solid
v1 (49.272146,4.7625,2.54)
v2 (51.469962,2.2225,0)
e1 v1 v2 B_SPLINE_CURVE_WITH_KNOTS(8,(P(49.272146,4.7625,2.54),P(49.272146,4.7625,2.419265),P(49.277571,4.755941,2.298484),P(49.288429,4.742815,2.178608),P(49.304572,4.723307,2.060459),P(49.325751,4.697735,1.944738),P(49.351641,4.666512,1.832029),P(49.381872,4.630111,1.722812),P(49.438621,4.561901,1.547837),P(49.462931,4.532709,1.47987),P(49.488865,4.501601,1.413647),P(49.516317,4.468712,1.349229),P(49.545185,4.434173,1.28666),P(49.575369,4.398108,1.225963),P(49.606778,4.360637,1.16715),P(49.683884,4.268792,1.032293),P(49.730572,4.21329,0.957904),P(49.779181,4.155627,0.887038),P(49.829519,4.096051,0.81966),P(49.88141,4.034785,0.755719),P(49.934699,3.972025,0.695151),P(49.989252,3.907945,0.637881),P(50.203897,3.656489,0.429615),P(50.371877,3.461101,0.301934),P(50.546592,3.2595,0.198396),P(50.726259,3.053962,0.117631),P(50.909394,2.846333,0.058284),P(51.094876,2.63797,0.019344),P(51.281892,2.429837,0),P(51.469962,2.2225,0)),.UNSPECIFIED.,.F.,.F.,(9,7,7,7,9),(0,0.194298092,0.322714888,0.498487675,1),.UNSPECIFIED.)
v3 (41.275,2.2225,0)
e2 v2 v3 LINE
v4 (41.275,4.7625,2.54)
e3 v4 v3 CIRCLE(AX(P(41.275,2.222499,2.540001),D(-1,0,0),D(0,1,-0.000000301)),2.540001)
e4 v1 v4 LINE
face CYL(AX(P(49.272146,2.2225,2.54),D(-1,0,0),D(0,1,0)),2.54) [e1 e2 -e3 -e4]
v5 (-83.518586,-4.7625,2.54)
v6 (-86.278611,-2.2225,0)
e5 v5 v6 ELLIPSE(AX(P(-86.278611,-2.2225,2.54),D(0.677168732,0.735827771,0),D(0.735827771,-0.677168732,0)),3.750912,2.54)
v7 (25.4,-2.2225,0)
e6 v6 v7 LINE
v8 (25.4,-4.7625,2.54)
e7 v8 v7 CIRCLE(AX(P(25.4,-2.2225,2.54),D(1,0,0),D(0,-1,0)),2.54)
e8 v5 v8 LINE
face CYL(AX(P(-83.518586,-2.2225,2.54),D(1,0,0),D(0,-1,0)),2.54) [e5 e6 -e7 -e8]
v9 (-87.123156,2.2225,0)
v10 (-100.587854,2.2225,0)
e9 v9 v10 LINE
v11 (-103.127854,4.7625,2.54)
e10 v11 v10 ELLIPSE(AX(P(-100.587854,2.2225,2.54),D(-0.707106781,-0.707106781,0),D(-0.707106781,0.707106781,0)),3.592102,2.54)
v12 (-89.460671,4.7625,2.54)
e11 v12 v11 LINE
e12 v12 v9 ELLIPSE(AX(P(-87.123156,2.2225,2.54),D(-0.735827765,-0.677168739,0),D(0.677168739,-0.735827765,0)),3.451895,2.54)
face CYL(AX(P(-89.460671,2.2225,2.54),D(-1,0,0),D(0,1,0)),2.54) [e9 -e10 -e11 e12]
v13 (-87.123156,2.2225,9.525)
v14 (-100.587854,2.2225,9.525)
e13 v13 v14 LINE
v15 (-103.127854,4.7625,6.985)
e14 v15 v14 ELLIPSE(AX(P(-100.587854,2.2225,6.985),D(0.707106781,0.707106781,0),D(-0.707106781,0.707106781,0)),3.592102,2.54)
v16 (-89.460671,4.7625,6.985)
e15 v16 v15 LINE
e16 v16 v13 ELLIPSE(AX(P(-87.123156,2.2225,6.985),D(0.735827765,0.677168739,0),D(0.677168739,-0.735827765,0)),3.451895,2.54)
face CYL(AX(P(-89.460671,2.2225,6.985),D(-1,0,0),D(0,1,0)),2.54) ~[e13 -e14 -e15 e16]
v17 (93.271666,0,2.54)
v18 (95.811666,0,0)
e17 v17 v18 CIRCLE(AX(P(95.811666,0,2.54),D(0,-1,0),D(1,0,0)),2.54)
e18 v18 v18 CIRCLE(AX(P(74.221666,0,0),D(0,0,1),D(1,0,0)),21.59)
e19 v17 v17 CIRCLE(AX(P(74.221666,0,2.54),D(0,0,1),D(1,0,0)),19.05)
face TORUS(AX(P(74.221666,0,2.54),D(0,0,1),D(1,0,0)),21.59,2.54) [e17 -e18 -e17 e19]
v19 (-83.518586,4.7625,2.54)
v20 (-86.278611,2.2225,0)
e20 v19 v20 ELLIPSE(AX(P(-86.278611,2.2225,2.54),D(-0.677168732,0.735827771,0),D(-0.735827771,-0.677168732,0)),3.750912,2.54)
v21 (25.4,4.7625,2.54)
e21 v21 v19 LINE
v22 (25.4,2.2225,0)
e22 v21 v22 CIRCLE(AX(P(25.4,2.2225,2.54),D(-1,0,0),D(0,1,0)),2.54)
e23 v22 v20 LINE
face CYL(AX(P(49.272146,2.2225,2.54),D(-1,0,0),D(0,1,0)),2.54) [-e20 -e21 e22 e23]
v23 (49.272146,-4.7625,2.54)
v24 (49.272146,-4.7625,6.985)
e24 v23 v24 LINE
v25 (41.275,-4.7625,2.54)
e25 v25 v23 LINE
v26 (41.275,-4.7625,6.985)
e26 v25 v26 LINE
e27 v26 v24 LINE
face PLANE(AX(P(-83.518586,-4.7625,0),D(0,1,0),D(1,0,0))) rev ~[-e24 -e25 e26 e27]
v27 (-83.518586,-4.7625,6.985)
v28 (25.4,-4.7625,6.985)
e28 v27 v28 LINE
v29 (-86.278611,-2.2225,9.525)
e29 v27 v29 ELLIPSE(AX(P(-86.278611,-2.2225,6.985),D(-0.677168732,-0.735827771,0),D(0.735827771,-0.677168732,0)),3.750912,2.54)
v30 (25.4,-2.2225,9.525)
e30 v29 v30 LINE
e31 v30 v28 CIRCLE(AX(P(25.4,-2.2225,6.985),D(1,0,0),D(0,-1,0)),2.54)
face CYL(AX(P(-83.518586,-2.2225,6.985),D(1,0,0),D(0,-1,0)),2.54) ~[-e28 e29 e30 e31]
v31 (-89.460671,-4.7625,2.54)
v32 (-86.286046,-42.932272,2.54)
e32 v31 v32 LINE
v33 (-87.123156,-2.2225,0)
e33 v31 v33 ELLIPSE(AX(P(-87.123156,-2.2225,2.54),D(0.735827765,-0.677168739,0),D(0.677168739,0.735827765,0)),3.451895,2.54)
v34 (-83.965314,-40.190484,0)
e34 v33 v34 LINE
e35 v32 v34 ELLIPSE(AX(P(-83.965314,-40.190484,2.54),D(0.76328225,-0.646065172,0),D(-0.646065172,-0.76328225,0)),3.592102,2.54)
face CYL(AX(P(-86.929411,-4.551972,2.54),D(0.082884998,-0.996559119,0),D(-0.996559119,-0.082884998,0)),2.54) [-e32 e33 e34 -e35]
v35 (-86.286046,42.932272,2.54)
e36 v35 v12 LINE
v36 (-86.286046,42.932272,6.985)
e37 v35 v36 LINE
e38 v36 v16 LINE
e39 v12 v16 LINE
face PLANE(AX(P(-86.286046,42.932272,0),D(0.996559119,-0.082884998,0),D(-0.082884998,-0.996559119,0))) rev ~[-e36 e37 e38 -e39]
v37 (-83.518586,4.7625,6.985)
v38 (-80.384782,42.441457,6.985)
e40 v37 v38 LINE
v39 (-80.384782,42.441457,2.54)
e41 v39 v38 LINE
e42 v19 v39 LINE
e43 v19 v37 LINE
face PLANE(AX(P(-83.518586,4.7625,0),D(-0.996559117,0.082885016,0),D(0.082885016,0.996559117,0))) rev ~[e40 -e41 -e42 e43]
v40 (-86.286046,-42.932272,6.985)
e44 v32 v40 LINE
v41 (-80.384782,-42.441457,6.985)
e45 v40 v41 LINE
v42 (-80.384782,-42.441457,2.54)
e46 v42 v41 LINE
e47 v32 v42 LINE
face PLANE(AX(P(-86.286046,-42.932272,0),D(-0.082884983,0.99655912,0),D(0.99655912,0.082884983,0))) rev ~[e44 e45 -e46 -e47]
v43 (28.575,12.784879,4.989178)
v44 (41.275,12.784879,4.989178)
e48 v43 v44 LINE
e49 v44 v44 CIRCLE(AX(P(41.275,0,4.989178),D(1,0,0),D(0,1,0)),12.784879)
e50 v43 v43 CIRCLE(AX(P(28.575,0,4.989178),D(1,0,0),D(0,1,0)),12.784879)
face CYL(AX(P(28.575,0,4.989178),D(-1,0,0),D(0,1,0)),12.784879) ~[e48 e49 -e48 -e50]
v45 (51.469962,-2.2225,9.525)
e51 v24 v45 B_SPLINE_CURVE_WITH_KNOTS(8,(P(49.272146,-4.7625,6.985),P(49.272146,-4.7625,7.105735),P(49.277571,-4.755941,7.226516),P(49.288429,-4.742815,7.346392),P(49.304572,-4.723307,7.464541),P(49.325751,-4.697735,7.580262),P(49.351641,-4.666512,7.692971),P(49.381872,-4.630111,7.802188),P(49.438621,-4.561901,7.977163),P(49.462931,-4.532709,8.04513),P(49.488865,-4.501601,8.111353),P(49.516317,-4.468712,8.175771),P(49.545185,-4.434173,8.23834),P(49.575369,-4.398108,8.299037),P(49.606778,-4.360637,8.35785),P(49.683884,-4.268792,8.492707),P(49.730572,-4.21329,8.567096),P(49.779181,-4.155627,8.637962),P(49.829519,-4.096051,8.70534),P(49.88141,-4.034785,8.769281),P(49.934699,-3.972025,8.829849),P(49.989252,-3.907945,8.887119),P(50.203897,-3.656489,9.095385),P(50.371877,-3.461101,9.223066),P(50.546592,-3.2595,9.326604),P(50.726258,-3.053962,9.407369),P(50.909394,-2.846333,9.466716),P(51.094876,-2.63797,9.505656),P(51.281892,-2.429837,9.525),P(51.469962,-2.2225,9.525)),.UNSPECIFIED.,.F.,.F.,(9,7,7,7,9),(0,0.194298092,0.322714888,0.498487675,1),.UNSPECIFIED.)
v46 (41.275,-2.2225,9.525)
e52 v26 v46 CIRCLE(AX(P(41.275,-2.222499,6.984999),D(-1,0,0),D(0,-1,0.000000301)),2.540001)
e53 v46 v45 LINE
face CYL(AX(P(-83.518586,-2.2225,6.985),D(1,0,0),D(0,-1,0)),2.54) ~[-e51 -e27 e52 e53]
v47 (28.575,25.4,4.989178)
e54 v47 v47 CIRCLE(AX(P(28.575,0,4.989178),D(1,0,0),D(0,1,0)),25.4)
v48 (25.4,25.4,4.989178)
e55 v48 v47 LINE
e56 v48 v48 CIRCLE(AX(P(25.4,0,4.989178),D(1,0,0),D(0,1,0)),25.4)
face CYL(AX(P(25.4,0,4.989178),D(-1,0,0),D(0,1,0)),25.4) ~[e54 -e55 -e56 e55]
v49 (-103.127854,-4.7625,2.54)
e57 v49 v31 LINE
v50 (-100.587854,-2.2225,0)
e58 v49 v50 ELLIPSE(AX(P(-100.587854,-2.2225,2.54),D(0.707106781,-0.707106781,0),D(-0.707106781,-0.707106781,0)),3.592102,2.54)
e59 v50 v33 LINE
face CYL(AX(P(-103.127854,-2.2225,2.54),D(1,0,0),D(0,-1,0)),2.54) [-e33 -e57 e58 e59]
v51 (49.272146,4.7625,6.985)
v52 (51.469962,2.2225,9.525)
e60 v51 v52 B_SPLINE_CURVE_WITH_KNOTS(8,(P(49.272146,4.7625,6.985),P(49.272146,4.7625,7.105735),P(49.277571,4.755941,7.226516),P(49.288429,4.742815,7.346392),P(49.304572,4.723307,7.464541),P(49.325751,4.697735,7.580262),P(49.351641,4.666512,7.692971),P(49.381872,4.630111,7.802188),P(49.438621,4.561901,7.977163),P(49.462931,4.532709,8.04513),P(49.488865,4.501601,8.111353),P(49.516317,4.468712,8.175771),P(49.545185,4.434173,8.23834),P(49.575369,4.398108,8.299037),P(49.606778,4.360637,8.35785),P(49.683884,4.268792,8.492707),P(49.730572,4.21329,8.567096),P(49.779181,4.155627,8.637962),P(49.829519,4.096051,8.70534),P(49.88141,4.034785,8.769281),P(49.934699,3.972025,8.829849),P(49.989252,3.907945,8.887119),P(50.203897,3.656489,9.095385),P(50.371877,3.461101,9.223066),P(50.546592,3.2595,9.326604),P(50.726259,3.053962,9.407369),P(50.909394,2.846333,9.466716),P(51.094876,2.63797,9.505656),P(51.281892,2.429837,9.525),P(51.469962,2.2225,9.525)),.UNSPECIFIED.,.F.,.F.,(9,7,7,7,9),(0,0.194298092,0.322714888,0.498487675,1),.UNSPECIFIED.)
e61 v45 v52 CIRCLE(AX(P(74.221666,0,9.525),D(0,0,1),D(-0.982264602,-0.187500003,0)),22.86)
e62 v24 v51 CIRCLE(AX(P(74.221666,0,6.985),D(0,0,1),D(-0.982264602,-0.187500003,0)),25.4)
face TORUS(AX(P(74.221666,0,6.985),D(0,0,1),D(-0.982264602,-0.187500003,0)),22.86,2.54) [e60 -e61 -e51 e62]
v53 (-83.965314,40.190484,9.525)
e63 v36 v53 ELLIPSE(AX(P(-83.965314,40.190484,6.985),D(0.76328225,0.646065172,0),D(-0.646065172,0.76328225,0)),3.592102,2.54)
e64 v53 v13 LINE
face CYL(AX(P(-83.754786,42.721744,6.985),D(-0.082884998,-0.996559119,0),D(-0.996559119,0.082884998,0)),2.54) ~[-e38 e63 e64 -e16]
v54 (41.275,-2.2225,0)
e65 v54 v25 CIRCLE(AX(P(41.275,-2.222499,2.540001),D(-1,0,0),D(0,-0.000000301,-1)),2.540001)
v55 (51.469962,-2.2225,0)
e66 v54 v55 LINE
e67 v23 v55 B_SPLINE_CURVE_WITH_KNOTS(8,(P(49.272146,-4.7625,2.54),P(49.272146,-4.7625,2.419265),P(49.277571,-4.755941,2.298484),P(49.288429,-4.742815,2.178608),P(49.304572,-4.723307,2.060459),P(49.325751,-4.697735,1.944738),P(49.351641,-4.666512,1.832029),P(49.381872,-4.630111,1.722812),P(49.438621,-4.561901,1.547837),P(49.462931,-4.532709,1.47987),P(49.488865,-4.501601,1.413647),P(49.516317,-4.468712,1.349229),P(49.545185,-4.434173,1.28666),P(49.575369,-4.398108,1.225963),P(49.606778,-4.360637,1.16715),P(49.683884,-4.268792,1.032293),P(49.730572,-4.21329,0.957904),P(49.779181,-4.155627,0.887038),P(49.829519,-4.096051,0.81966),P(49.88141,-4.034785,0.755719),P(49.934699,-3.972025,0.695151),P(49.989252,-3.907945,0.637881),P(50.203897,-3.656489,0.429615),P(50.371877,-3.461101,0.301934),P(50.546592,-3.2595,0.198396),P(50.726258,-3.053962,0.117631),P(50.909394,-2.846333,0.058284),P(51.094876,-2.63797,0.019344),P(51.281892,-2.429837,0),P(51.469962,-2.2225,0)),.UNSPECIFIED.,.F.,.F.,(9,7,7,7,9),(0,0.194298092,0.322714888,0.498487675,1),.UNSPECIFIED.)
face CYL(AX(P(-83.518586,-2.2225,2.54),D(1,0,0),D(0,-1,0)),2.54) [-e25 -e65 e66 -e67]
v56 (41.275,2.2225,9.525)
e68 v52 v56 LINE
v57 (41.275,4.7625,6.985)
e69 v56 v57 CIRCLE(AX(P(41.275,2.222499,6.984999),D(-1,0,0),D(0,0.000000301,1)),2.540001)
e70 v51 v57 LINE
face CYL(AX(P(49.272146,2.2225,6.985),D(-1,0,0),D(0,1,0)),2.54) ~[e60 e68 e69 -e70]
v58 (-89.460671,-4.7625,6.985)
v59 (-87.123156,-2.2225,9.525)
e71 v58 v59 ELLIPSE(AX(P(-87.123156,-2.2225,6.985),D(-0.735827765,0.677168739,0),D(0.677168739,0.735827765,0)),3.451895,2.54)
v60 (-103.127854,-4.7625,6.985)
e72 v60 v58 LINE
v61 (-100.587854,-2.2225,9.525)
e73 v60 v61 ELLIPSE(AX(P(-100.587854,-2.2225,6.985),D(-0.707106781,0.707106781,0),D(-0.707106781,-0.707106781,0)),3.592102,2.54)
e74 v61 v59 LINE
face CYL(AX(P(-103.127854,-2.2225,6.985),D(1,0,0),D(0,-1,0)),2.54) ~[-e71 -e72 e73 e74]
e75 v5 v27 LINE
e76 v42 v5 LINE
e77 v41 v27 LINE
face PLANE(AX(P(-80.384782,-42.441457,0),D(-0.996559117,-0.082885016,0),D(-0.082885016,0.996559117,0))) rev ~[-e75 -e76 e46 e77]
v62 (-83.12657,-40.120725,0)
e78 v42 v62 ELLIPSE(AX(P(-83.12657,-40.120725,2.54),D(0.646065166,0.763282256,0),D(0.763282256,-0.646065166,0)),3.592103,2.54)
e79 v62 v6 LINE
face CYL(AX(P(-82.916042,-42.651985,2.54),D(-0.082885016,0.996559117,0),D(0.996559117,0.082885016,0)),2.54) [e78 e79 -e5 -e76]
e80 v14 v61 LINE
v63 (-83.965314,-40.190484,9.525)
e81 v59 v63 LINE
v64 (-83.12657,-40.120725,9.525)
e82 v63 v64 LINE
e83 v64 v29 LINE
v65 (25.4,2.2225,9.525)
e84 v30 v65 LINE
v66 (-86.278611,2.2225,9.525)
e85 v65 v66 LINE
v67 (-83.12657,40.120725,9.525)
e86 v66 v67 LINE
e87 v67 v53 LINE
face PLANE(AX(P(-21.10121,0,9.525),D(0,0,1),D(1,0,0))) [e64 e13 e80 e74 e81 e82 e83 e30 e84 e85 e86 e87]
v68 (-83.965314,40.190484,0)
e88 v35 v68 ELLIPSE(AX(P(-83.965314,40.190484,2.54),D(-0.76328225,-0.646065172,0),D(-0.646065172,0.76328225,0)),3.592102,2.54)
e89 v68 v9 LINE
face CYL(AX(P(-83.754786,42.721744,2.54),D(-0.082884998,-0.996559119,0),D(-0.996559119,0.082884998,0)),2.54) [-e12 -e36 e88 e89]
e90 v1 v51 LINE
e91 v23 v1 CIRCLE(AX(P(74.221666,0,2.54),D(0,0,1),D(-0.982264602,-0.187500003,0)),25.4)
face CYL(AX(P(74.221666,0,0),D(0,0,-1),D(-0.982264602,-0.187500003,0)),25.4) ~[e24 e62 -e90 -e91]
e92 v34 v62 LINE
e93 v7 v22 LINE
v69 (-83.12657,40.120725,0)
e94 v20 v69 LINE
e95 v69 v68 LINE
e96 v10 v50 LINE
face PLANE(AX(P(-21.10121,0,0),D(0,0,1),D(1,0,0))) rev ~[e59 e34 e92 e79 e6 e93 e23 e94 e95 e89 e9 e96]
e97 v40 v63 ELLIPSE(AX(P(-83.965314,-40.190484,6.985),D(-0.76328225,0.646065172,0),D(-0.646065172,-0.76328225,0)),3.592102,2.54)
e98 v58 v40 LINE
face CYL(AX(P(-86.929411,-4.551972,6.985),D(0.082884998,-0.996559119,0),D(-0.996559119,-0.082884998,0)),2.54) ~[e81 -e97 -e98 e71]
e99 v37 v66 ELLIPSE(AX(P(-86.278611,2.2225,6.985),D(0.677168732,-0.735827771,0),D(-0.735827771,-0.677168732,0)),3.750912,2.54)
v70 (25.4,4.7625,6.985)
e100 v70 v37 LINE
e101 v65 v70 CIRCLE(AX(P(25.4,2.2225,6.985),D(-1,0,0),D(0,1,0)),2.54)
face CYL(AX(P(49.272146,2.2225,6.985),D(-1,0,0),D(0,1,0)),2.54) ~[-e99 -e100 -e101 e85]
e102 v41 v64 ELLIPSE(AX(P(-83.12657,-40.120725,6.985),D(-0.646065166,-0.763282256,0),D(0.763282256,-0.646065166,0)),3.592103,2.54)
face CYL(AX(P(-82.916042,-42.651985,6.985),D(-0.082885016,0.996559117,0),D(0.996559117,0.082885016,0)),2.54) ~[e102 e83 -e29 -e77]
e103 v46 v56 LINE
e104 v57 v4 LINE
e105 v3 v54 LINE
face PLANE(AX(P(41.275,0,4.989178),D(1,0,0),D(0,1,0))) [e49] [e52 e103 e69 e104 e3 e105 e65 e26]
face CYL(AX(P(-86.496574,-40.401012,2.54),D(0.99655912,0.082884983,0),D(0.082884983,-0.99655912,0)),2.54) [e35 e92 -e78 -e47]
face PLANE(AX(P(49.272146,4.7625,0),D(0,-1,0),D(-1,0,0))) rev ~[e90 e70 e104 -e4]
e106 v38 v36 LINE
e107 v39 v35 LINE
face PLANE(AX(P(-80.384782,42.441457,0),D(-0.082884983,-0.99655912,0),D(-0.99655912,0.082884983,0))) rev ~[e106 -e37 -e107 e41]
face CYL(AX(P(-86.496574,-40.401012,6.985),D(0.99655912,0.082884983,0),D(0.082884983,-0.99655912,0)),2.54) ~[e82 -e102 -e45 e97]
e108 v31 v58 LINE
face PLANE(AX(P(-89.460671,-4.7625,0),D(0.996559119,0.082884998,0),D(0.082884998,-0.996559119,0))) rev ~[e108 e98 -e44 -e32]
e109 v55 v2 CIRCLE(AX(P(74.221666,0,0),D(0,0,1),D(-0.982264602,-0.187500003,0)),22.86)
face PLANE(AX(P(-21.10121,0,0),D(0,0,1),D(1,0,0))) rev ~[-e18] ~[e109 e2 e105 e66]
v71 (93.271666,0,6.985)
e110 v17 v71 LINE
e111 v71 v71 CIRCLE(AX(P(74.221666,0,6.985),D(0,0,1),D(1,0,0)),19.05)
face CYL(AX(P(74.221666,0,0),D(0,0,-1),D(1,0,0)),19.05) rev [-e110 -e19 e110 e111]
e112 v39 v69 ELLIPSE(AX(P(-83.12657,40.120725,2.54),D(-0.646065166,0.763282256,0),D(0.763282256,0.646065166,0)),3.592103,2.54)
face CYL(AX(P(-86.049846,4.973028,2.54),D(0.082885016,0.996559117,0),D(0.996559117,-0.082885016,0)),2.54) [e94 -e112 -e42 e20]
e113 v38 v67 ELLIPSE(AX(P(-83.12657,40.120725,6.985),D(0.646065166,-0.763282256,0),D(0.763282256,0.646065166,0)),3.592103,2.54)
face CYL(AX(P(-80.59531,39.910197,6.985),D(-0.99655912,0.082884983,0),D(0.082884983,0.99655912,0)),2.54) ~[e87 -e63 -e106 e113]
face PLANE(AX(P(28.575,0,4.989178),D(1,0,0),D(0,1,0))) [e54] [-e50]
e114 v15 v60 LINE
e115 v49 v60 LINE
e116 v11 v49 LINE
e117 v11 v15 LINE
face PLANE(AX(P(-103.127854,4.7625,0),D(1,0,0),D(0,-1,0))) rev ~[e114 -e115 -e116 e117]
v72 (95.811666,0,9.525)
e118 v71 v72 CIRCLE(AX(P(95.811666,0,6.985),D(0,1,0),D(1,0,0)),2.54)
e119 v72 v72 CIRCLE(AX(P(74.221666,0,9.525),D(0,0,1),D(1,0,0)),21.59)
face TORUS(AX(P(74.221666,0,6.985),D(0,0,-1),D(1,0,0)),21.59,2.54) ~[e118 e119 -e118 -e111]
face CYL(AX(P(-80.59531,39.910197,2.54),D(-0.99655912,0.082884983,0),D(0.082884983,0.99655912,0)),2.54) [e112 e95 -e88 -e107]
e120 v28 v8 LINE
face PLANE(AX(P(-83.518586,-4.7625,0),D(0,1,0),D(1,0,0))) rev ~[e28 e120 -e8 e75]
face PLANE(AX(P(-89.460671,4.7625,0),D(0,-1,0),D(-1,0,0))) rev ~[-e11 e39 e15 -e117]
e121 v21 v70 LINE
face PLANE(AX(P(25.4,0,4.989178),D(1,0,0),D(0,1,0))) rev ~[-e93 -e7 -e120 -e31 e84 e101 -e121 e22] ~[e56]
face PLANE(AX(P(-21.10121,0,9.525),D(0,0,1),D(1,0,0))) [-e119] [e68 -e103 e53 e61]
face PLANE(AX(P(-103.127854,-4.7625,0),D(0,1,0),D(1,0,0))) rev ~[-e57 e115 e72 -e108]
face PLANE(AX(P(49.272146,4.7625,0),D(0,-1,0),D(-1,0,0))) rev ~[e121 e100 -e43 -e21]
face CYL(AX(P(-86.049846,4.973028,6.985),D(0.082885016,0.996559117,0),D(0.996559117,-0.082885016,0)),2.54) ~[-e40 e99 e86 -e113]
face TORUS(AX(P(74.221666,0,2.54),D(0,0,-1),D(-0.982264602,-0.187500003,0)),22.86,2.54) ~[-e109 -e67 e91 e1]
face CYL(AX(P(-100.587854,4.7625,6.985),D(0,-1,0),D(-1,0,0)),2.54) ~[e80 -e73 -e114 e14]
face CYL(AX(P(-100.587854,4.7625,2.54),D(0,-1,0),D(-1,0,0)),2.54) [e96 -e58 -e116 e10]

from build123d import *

# Parameters (mm, degrees)
F0_R     = 19.05
F1_DEPTH = 9.525
F2_R     = 2.54
F4_R     = 25.4
F4_R_2   = 16.26902
F5_DEPTH = 3.175
F6_R     = 12.784879
F7_DEPTH = 12.7


with BuildPart() as f1:
    # F0 (on Top) → F1 (new body)
    with BuildSketch(Plane.XY):
        with BuildLine():
            Line((-83.518586, -4.7625), (49.272146, -4.7625))
            ThreePointArc((49.272146, -4.7625), (99.621666, 0), (49.272146, 4.7625))
            Line((49.272146, 4.7625), (-83.518586, 4.7625))
            Line((-83.518586, 4.7625), (-80.384782, 42.441457))
            Line((-80.384782, 42.441457), (-86.286046, 42.932272))
            Line((-86.286046, 42.932272), (-89.460671, 4.7625))
            Line((-89.460671, 4.7625), (-103.127854, 4.7625))
            Line((-103.127854, 4.7625), (-103.127854, -4.7625))
            Line((-103.127854, -4.7625), (-89.460671, -4.7625))
            Line((-89.460671, -4.7625), (-86.286046, -42.932272))
            Line((-86.286046, -42.932272), (-80.384782, -42.441457))
            Line((-80.384782, -42.441457), (-83.518586, -4.7625))
        make_face()
        with Locations((74.221666, 0)):
            Circle(F0_R, mode=Mode.SUBTRACT)
    extrude(amount=F1_DEPTH)

    # F2
    f2_edges = [f1.edges().sort_by_distance(p)[0] for p in [
        (-17.12322, -4.7625, 9.525),
        (99.621666, 0, 9.525),
        (-17.12322, 4.7625, 9.525),
        (-81.951684, 23.601978, 9.525),
        (-83.335414, 42.686864, 9.525),
        (-87.873358, 23.847386, 9.525),
        (-96.294263, 4.7625, 9.525),
        (-103.127854, 0, 9.525),
        (-96.294263, -4.7625, 9.525),
        (-87.873358, -23.847386, 9.525),
        (-83.335414, -42.686864, 9.525),
        (-81.951684, -23.601978, 9.525),
        (55.171666, 0, 9.525),
        (-17.12322, -4.7625, 0),
        (99.621666, 0, 0),
        (-17.12322, 4.7625, 0),
        (-81.951684, 23.601978, 0),
        (-83.335414, 42.686864, 0),
        (-87.873358, 23.847386, 0),
        (-96.294263, 4.7625, 0),
        (-103.127854, 0, 0),
        (-96.294263, -4.7625, 0),
        (-87.873358, -23.847386, 0),
        (-83.335414, -42.686864, 0),
        (-81.951684, -23.601978, 0),
        (55.171666, 0, 0),
    ]]
    fillet(f2_edges, radius=F2_R)

    # F4 (on offset) → F5 (join)
    with BuildSketch(Plane.YZ.offset(25.4)):
        with Locations((0, 4.989178)):
            Circle(F4_R)
        with Locations((0, 4.989178)):
            Circle(F4_R_2, mode=Mode.SUBTRACT)
        with Locations((0, 4.989178)):
            Circle(F4_R_2)
    extrude(amount=F5_DEPTH)

    # F6 (on face) → F7 (join)
    with BuildSketch(Plane.YZ.offset(28.575)):
        with Locations((0, 4.989178)):
            Circle(F6_R)
        with BuildLine():
            ThreePointArc((-2.2225, 0), (-4.018551, 0.743949), (-4.7625, 2.54))
            Line((-4.7625, 2.54), (-4.7625, 6.985))
            ThreePointArc((-4.7625, 6.985), (-4.018551, 8.781051), (-2.2225, 9.525))
            Line((-2.2225, 9.525), (2.2225, 9.525))
            ThreePointArc((2.2225, 9.525), (4.018551, 8.781051), (4.7625, 6.985))
            Line((4.7625, 6.985), (4.7625, 2.54))
            ThreePointArc((4.7625, 2.54), (4.018551, 0.743949), (2.2225, 0))
            Line((2.2225, 0), (-2.2225, 0))
        make_face(mode=Mode.SUBTRACT)
    extrude(amount=F7_DEPTH)


solid = f1.part
